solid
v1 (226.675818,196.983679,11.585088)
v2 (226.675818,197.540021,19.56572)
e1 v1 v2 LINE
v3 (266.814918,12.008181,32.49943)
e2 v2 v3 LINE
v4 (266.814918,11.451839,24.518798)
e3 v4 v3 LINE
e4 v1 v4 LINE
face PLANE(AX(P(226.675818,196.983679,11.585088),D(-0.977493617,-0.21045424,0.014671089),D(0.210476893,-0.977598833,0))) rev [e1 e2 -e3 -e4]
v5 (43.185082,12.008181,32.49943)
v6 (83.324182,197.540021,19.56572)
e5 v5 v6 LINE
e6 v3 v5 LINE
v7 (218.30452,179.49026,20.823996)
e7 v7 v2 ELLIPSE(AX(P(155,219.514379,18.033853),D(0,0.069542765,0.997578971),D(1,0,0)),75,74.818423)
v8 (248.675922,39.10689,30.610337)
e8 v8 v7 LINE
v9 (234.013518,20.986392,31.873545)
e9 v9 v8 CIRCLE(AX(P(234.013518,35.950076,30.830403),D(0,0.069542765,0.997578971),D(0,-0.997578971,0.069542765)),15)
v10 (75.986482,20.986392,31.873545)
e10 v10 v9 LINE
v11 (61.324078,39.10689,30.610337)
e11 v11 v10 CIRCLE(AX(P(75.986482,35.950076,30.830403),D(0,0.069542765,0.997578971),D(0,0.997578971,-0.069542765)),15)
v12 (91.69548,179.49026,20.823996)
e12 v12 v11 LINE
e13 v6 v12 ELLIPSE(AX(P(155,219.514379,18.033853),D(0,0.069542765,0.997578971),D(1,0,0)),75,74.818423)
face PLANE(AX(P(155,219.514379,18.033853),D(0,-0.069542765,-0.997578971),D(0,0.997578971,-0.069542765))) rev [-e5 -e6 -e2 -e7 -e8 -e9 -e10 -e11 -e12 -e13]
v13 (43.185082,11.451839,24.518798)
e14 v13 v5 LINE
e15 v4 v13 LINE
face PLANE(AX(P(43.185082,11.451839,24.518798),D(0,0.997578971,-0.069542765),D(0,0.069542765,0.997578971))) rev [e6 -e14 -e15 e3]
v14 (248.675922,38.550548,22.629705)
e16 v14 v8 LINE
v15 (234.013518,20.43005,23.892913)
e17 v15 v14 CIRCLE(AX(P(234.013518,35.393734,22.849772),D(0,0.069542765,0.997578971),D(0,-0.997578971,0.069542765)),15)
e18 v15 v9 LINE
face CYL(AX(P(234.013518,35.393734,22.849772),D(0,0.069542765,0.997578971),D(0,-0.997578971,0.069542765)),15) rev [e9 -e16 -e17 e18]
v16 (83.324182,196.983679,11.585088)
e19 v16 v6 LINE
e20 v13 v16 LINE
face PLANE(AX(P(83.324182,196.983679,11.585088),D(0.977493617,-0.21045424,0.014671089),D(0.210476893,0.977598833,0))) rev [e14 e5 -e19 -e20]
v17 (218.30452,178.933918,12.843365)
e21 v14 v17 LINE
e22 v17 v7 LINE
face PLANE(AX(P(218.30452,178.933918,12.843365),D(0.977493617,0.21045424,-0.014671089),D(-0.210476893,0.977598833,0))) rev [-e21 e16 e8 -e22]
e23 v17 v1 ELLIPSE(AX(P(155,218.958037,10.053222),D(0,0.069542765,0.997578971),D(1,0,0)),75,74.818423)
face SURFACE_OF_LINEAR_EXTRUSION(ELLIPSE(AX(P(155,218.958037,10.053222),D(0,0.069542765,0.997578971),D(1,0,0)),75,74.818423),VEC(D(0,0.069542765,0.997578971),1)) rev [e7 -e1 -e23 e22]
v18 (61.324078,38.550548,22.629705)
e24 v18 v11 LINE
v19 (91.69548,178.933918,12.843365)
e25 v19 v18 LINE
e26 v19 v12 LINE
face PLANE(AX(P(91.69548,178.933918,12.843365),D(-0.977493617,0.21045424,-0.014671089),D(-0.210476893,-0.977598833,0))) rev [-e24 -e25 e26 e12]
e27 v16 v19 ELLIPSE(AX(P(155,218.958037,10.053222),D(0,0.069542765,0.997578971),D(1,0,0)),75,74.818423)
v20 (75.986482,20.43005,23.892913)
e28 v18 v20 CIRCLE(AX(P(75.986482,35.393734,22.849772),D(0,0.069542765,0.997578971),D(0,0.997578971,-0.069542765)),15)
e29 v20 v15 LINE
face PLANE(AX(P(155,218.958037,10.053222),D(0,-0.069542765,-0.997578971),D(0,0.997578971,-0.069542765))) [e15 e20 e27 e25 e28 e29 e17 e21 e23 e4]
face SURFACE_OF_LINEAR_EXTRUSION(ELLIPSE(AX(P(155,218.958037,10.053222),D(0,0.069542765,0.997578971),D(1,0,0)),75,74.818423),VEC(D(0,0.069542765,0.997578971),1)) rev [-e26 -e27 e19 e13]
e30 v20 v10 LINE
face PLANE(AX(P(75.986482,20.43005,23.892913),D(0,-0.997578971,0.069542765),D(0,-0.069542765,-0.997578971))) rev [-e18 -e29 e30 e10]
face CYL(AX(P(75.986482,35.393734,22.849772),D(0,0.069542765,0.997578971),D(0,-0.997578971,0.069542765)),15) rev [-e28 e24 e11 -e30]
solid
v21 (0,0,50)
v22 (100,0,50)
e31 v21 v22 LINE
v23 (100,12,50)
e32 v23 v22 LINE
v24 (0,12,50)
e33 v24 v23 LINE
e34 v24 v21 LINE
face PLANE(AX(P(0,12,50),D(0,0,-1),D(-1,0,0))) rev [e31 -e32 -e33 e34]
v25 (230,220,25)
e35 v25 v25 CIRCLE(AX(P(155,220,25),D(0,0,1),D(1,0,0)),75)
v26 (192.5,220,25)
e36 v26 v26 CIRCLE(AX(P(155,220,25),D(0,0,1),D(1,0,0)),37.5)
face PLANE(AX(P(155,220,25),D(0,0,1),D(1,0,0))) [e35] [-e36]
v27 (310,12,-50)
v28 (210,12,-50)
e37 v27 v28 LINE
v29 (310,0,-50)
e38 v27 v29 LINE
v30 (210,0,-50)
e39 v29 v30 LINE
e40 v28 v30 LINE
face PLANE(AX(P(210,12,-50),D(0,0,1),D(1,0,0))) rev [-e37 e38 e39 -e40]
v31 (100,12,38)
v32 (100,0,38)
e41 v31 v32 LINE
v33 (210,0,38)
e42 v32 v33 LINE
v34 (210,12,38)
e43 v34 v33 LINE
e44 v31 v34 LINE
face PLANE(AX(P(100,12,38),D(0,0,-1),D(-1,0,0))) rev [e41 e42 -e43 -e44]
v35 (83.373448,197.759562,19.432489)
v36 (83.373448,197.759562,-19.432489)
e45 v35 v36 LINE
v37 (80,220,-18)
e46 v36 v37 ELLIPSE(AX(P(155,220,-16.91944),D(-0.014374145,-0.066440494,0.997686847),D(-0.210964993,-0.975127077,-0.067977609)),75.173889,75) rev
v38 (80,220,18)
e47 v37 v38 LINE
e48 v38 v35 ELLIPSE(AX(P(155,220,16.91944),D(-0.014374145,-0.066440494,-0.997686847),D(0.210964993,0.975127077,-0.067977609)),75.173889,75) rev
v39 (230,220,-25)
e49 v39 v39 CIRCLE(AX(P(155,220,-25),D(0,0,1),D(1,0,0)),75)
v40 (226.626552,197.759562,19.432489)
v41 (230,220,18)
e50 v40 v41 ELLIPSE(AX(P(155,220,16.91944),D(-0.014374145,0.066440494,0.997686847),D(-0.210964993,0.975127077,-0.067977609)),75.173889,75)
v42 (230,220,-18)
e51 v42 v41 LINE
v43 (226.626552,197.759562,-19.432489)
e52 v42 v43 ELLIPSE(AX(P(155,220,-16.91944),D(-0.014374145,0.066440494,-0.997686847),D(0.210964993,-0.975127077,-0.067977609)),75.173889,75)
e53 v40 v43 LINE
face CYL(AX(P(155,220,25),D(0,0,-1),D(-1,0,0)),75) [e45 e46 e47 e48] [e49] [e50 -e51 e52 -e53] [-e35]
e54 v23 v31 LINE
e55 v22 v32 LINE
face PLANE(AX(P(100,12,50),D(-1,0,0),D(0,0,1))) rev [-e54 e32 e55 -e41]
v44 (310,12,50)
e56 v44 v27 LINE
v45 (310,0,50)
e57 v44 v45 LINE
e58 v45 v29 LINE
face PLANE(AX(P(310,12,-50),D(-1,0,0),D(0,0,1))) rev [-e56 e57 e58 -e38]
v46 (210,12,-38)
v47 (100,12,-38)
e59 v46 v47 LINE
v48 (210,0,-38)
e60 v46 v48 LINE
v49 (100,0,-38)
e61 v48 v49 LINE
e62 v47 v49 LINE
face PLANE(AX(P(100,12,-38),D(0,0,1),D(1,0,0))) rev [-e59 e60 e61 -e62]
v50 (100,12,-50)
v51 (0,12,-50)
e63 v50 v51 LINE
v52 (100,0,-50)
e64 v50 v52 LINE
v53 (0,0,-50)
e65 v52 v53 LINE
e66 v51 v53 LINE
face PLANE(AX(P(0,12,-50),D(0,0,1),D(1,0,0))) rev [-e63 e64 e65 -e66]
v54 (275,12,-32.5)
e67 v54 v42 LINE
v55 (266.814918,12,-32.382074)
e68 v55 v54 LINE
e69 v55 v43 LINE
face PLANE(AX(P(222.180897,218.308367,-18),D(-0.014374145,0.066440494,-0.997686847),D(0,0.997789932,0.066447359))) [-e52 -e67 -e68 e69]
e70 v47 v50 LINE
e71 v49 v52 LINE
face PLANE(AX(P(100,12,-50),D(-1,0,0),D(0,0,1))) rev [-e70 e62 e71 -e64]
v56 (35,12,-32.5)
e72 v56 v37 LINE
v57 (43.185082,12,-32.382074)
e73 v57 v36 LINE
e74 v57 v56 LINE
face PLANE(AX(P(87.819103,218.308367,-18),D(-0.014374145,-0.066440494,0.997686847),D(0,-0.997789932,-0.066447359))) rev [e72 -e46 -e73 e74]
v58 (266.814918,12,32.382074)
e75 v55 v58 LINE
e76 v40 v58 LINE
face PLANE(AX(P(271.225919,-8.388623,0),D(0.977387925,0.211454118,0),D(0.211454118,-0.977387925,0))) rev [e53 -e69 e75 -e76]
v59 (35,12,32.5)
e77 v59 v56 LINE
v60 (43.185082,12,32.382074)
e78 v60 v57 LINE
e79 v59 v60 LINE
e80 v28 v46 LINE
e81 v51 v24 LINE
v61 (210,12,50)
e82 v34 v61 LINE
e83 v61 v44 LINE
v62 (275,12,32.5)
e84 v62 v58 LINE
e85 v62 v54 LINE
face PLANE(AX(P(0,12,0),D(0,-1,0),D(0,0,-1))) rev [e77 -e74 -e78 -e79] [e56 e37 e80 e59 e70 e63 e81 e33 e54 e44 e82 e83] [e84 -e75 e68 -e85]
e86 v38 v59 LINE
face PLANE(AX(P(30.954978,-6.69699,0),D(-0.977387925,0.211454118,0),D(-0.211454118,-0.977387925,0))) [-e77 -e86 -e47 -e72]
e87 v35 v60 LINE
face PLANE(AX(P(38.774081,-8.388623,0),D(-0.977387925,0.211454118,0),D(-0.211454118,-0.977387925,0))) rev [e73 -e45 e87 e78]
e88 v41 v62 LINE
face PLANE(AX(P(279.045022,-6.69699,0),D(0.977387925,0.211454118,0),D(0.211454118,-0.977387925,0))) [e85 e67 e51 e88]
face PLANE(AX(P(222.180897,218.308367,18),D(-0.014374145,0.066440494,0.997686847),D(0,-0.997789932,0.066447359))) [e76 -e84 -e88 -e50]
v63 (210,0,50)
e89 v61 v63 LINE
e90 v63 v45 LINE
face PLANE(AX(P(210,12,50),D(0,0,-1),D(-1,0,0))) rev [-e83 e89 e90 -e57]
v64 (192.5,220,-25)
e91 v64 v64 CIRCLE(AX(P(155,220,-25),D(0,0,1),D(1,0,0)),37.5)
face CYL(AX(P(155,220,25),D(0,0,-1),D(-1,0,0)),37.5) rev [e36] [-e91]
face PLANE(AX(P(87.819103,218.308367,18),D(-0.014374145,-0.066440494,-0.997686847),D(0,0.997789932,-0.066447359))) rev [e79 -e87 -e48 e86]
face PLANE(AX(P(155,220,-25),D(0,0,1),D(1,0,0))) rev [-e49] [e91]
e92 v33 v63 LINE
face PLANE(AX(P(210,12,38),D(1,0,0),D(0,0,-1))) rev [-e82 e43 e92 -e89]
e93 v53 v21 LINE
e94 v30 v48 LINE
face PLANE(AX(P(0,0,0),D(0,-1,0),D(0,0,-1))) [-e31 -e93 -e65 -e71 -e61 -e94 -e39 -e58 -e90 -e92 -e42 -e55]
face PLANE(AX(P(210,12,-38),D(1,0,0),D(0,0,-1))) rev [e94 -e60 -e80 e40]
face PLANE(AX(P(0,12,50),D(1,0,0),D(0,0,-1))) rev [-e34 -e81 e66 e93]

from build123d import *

# Parameters (mm, degrees)
BOSS_EXTRUDE1_DEPTH  = 12
SKETCH2_R            = 75
SKETCH2_R_2          = 37.5
BOSS_EXTRUDE2_DEPTH  = 25
BOSS_EXTRUDE3_DEPTH  = 8
BOSS_EXTRUDE11_DEPTH = 8


with BuildPart() as part:
    # Sketch1 → Boss-Extrude1 (new body)
    with BuildSketch(Plane(origin=(0, 0, 0), x_dir=(1, 0, 0), z_dir=(0, 1, 0))):
        Polygon((0, -50), (0, 50), (100, 50), (100, 38), (210, 38), (210, 50), (310, 50), (310, -50), (210, -50), (210, -38), (100, -38), (100, -50), align=None)
    extrude(amount=BOSS_EXTRUDE1_DEPTH)



with BuildPart() as body_2:
    # Sketch2 → Boss-Extrude2 (new body, symmetric)
    with BuildSketch(Plane.XY):
        with Locations((155, 220)):
            Circle(SKETCH2_R)
        with Locations((155, 220)):
            Circle(SKETCH2_R_2, mode=Mode.SUBTRACT)
    extrude(amount=BOSS_EXTRUDE2_DEPTH, both=True)


with BuildPart() as part_1:
    add(part.part)

    add(body_2.part)  # Boss-Extrude3 merges body 2
    # Sketch6 → Boss-Extrude3 (add)
    with BuildSketch(Plane(origin=(30.95497803, -6.696990439, 0), x_dir=(0, 0, -1), z_dir=(0.977387925, -0.211454118, 0))):
        Polygon((18, 231.941672957), (-18, 231.941672957), (-32.5, 19.129549242), (32.5, 19.129549242), align=None)
    boss_extrude3 = extrude(amount=BOSS_EXTRUDE3_DEPTH)

    # Mirror2: Boss-Extrude3 across plane
    add(boss_extrude3.mirror(Plane(origin=(155, 0, 0), x_dir=(0, 0, 1), z_dir=(1, 0, 0))))


with BuildPart() as body_2_2:
    # Sketch7 → Boss-Extrude11 (new body)
    with BuildSketch(Plane(origin=(0, 2.312702347, 33.175316423), x_dir=(-1, 0, 0), z_dir=(0, -0.069542765, -0.997578971))):
        with BuildLine():
            Line((-83.324181623, 195.701116483), (-43.185081681, 9.719008722))
            Line((-43.185081681, 9.719008722), (-266.814918319, 9.719008722))
            Line((-266.814918319, 9.719008722), (-226.675818377, 195.701116483))
            add(Edge.make_bspline(
                [(-226.675818377, 195.701116483), (-223.708746902, 186.093264091), (-218.304519789, 177.60755028)],
                knots=[0.298843639, 0.298843639, 0.298843639, 0.565986011, 0.565986011, 0.565986011], degree=2, weights=[1, 0.991092624, 1]))
            Line((-218.304519789, 177.60755028), (-248.675921878, 36.883483611))
            ThreePointArc((-248.675921878, 36.883483611), (-245.685430986, 24.297414465), (-234.013517618, 18.719008722))
            Line((-234.013517618, 18.719008722), (-75.986482382, 18.719008722))
            ThreePointArc((-75.986482382, 18.719008722), (-64.314569014, 24.297414465), (-61.324078122, 36.883483611))
            Line((-61.324078122, 36.883483611), (-91.695480211, 177.60755028))
            add(Edge.make_bspline(
                [(-91.695480211, 177.60755028), (-86.291253098, 186.093264091), (-83.324181623, 195.701116483)],
                knots=[5.717199296, 5.717199296, 5.717199296, 5.984341668, 5.984341668, 5.984341668], degree=2, weights=[1, 0.991092624, 1]))
        make_face()
    extrude(amount=BOSS_EXTRUDE11_DEPTH)


solid = Compound([part_1.part, body_2_2.part])
